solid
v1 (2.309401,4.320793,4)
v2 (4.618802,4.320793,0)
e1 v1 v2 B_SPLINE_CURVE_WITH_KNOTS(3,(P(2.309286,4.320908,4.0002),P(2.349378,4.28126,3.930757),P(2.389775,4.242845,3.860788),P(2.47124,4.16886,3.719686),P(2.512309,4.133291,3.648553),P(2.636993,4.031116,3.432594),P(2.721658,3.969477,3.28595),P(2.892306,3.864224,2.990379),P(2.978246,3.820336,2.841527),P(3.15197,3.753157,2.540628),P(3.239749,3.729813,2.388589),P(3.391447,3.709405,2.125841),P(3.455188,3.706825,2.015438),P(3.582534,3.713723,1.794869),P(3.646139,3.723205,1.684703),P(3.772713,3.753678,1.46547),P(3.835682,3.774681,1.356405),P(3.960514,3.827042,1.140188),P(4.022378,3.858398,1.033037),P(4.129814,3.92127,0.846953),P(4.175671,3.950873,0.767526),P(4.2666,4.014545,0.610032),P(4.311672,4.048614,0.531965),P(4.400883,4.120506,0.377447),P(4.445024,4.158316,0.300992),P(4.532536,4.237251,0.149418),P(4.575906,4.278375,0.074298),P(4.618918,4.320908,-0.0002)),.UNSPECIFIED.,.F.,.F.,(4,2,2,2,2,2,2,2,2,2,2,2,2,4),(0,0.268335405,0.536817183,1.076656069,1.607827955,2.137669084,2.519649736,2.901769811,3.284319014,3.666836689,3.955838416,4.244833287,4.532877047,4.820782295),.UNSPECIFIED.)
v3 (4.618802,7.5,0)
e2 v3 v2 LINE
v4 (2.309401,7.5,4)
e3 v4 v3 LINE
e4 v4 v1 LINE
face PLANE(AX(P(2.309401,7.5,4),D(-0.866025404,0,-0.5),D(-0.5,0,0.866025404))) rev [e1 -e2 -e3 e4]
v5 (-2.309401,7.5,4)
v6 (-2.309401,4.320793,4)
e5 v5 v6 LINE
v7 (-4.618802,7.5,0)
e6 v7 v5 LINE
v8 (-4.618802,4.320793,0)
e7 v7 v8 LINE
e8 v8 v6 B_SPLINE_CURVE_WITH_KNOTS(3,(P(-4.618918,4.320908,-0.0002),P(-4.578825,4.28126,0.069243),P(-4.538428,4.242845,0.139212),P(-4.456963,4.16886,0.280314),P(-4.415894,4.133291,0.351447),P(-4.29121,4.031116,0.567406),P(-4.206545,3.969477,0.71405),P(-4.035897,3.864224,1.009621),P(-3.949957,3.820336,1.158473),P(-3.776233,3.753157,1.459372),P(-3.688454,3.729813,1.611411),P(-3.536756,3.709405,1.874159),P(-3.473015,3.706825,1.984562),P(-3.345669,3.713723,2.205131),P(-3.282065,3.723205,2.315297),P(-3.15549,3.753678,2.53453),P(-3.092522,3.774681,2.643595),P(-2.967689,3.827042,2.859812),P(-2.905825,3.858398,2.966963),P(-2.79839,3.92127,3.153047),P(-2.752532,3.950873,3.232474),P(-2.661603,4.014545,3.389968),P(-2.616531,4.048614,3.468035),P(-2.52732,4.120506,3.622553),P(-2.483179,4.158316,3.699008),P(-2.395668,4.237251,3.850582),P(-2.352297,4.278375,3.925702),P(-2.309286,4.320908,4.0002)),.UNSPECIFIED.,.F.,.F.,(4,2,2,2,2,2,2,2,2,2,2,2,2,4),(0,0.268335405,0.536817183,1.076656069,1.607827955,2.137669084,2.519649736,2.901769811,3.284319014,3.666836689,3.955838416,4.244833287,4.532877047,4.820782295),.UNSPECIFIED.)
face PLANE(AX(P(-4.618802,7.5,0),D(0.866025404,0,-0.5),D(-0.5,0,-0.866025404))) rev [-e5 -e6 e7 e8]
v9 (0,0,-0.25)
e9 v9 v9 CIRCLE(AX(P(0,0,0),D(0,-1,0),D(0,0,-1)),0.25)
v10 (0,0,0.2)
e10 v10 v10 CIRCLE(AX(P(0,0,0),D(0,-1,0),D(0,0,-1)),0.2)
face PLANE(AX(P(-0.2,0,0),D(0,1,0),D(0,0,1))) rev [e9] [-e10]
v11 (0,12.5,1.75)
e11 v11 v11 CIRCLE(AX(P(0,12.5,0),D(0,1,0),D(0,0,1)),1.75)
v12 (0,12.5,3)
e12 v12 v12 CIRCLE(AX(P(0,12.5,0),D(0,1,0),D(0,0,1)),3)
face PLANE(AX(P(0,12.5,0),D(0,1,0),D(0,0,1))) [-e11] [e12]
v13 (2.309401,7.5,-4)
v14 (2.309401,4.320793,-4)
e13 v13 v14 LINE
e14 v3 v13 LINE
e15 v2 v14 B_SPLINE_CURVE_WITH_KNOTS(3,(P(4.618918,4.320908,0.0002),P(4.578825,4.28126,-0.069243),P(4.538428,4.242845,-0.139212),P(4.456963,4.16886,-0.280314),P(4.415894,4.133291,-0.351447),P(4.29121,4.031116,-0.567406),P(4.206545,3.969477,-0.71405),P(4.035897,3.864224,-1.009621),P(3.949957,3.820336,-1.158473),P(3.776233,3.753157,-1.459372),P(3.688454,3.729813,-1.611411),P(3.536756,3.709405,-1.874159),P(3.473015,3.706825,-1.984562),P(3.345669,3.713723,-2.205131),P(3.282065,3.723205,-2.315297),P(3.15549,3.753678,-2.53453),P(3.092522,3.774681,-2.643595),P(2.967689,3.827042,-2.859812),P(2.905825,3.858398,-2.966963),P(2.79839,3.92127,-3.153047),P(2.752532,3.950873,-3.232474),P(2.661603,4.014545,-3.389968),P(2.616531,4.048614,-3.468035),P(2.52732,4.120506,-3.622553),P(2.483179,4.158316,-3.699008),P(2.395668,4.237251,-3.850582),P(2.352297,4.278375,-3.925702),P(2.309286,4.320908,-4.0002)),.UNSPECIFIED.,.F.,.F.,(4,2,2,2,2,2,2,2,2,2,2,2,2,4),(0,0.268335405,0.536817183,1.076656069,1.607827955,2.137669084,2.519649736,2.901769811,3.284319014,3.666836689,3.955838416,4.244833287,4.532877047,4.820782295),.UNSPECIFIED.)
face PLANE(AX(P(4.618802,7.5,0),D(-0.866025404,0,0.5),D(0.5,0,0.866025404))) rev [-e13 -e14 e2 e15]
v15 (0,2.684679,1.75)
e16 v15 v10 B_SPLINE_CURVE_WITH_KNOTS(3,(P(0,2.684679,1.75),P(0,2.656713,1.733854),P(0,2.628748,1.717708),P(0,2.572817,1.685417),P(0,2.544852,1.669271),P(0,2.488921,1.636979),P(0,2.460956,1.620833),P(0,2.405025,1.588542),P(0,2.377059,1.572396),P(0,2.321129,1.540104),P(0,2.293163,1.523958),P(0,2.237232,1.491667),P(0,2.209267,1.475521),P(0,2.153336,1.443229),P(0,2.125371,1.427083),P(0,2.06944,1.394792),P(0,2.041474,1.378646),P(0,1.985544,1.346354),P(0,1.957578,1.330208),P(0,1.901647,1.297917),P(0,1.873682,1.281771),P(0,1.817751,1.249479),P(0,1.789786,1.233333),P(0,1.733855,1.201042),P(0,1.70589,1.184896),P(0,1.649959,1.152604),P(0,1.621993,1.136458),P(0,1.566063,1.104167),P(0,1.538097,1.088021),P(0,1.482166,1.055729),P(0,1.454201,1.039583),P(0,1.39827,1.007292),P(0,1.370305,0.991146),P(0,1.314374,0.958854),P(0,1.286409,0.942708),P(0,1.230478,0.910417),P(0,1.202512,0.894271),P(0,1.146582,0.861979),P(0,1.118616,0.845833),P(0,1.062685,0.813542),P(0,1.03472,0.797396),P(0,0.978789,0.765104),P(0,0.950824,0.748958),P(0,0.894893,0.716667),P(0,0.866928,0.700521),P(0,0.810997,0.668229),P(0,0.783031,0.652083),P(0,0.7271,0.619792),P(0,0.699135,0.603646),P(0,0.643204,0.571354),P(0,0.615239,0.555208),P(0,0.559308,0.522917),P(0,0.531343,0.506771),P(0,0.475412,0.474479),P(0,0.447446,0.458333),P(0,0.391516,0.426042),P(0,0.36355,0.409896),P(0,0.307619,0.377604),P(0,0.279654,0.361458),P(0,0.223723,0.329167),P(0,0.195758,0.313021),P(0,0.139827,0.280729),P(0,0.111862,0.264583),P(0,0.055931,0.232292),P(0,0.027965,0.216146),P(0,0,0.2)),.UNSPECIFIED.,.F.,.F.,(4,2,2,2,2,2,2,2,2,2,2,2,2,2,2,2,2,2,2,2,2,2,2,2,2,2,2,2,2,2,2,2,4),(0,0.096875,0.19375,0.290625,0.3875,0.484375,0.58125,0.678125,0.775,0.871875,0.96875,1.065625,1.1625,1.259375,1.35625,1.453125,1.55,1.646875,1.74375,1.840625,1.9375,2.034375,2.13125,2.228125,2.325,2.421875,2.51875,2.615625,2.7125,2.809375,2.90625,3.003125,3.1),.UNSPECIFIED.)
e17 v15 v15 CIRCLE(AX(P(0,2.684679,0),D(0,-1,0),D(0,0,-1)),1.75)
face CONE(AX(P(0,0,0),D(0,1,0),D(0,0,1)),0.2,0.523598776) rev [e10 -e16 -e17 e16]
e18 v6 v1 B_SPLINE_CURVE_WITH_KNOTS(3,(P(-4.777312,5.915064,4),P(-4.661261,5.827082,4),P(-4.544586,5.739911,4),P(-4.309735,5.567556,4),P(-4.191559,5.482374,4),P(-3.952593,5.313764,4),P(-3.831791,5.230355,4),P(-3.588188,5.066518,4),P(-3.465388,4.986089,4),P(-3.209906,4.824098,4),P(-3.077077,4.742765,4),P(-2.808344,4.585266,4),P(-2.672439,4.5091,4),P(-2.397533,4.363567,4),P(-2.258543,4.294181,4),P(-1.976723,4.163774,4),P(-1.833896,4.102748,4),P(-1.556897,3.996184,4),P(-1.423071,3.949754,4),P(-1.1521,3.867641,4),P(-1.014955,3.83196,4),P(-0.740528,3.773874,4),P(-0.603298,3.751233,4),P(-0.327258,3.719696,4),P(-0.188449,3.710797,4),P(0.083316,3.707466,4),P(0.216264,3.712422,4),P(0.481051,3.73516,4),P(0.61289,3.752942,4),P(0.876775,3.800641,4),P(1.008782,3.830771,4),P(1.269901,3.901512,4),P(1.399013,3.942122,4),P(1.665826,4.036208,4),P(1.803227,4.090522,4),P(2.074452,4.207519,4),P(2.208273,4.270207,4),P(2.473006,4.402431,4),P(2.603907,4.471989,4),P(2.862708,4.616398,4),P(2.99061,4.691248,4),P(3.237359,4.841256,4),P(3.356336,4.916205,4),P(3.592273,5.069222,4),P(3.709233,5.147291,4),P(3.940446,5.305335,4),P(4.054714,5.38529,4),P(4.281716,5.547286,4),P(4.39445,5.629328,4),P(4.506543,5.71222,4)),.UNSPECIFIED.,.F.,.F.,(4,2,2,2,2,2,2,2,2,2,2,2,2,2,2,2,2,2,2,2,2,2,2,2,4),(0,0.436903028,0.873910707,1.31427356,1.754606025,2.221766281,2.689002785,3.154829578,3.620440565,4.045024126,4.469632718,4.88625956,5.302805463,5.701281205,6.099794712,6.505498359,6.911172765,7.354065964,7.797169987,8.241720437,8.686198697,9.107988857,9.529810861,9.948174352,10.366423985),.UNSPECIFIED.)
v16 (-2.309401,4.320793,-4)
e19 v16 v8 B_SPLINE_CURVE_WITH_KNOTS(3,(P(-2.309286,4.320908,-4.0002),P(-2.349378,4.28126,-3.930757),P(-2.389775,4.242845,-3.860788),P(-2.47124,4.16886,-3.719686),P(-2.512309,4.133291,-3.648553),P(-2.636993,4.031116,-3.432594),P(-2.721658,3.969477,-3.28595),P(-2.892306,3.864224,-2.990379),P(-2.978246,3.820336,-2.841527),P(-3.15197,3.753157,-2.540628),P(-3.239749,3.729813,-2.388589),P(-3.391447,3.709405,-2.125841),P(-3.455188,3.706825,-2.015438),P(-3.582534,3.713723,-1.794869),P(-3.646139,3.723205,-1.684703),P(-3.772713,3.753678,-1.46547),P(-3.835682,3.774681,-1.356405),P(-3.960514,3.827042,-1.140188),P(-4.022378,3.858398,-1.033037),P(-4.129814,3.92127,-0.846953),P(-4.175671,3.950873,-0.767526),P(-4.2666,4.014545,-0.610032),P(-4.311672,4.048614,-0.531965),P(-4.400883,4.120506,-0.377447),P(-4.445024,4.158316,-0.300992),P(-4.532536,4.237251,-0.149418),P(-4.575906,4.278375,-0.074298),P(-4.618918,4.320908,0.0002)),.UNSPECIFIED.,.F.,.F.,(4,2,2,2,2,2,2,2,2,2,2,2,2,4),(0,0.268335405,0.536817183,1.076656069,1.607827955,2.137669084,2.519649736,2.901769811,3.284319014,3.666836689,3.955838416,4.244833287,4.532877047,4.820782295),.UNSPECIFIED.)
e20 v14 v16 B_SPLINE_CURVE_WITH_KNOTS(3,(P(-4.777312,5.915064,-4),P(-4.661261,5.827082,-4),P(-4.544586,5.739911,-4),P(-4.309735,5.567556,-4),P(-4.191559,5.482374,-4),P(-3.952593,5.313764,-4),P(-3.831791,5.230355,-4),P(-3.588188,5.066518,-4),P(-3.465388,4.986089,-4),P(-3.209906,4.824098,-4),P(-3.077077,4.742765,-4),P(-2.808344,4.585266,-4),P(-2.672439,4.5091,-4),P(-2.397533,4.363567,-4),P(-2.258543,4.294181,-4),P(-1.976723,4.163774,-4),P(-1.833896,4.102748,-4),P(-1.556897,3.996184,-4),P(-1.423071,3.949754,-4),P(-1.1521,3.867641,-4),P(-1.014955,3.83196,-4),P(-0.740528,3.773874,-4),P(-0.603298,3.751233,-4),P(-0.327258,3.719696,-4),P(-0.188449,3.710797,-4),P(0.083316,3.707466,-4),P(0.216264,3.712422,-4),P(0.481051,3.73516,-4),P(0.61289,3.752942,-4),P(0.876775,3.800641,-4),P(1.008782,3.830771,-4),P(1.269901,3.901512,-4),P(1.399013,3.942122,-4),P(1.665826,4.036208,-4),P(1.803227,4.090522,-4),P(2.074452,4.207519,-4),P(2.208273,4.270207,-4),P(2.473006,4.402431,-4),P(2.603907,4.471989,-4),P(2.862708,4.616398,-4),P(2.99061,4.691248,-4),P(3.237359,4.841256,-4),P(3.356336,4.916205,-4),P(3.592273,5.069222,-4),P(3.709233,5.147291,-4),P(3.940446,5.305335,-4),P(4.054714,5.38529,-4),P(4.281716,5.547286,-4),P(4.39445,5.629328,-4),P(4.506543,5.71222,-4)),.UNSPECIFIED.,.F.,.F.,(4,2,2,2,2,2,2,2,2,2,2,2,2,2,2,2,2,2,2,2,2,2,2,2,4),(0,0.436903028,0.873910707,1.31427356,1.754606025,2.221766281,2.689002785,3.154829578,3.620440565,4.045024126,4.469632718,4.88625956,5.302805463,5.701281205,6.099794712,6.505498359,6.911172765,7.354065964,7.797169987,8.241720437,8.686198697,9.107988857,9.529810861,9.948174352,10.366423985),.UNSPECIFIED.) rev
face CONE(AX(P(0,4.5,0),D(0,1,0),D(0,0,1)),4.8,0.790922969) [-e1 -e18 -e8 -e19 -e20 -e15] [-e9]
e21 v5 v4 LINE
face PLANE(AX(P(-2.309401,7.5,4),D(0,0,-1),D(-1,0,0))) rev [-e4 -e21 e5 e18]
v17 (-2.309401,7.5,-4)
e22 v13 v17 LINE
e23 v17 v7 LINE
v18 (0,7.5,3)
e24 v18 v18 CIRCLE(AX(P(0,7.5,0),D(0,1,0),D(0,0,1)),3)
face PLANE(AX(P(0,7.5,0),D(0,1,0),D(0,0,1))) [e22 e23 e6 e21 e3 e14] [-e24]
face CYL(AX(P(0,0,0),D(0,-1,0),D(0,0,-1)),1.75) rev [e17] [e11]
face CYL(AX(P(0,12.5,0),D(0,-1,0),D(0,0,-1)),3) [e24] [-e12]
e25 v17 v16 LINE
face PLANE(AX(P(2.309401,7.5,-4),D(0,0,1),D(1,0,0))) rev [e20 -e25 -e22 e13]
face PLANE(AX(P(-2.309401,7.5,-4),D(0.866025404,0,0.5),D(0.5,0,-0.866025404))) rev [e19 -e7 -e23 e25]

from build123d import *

# Parameters (mm, degrees)
BOSS_EXTRUDE1_DEPTH = 3
SKETCH3_R           = 5.46173703
CUT_EXTRUDE1_DEPTH  = 10
CUT_EXTRUDE2_REACH  = 11.674
SKETCH4_R           = 1.75
SKETCH5_R           = 3
SKETCH5_R_2         = 1.75
BOSS_EXTRUDE2_DEPTH = 5


with BuildPart() as part:
    # Sketch1 → Revolve1 (revolve)
    with BuildSketch(Plane.XY):
        Polygon((-0.2, 0), (-0.25, 0), (-4.8, 4.5), (-1.75, 4.5), (-1.75, 2.684678752), align=None)
    revolve(axis=Axis((0, 0, 0), (0, 1, 0)))

    # Sketch2 → Boss-Extrude1 (add)
    with BuildSketch(Plane(origin=(0, 4.5, 0), x_dir=(1, 0, 0), z_dir=(0, 1, 0))):
        Polygon((2.309401077, -4), (4.618802154, 0), (2.309401077, 4), (-2.309401077, 4), (-4.618802154, 0), (-2.309401077, -4), align=None)
    extrude(amount=BOSS_EXTRUDE1_DEPTH)

    # Sketch3 → Cut-Extrude1 (cut)
    with BuildSketch(Plane(origin=(0, 7.5, 0), x_dir=(1, 0, 0), z_dir=(0, 1, 0))):
        Circle(SKETCH3_R)
        Polygon((-2.309401077, -4), (2.309401077, -4), (4.618802154, 0), (2.309401077, 4), (-2.309401077, 4), (-4.618802154, 0), align=None, mode=Mode.SUBTRACT)
    extrude(amount=-CUT_EXTRUDE1_DEPTH, mode=Mode.SUBTRACT)

    # Sketch4 → Cut-Extrude2 (cut, up to next)
    with BuildSketch(Plane(origin=(0, 7.5, 0), x_dir=(1, 0, 0), z_dir=(0, 1, 0)), mode=Mode.PRIVATE) as cut_extrude2_sk1:
        Circle(SKETCH4_R)
    cut_extrude2_tool1 = extrude(cut_extrude2_sk1.sketch, amount=-CUT_EXTRUDE2_REACH, mode=Mode.PRIVATE) & part.part
    add(cut_extrude2_tool1.solids().sort_by_distance((0, 7.5, 0))[0], mode=Mode.SUBTRACT)

    # Sketch5 → Boss-Extrude2 (add)
    with BuildSketch(Plane(origin=(0, 7.5, 0), x_dir=(1, 0, 0), z_dir=(0, 1, 0))):
        Circle(SKETCH5_R)
        Circle(SKETCH5_R_2, mode=Mode.SUBTRACT)
    extrude(amount=BOSS_EXTRUDE2_DEPTH)


solid = part.part
